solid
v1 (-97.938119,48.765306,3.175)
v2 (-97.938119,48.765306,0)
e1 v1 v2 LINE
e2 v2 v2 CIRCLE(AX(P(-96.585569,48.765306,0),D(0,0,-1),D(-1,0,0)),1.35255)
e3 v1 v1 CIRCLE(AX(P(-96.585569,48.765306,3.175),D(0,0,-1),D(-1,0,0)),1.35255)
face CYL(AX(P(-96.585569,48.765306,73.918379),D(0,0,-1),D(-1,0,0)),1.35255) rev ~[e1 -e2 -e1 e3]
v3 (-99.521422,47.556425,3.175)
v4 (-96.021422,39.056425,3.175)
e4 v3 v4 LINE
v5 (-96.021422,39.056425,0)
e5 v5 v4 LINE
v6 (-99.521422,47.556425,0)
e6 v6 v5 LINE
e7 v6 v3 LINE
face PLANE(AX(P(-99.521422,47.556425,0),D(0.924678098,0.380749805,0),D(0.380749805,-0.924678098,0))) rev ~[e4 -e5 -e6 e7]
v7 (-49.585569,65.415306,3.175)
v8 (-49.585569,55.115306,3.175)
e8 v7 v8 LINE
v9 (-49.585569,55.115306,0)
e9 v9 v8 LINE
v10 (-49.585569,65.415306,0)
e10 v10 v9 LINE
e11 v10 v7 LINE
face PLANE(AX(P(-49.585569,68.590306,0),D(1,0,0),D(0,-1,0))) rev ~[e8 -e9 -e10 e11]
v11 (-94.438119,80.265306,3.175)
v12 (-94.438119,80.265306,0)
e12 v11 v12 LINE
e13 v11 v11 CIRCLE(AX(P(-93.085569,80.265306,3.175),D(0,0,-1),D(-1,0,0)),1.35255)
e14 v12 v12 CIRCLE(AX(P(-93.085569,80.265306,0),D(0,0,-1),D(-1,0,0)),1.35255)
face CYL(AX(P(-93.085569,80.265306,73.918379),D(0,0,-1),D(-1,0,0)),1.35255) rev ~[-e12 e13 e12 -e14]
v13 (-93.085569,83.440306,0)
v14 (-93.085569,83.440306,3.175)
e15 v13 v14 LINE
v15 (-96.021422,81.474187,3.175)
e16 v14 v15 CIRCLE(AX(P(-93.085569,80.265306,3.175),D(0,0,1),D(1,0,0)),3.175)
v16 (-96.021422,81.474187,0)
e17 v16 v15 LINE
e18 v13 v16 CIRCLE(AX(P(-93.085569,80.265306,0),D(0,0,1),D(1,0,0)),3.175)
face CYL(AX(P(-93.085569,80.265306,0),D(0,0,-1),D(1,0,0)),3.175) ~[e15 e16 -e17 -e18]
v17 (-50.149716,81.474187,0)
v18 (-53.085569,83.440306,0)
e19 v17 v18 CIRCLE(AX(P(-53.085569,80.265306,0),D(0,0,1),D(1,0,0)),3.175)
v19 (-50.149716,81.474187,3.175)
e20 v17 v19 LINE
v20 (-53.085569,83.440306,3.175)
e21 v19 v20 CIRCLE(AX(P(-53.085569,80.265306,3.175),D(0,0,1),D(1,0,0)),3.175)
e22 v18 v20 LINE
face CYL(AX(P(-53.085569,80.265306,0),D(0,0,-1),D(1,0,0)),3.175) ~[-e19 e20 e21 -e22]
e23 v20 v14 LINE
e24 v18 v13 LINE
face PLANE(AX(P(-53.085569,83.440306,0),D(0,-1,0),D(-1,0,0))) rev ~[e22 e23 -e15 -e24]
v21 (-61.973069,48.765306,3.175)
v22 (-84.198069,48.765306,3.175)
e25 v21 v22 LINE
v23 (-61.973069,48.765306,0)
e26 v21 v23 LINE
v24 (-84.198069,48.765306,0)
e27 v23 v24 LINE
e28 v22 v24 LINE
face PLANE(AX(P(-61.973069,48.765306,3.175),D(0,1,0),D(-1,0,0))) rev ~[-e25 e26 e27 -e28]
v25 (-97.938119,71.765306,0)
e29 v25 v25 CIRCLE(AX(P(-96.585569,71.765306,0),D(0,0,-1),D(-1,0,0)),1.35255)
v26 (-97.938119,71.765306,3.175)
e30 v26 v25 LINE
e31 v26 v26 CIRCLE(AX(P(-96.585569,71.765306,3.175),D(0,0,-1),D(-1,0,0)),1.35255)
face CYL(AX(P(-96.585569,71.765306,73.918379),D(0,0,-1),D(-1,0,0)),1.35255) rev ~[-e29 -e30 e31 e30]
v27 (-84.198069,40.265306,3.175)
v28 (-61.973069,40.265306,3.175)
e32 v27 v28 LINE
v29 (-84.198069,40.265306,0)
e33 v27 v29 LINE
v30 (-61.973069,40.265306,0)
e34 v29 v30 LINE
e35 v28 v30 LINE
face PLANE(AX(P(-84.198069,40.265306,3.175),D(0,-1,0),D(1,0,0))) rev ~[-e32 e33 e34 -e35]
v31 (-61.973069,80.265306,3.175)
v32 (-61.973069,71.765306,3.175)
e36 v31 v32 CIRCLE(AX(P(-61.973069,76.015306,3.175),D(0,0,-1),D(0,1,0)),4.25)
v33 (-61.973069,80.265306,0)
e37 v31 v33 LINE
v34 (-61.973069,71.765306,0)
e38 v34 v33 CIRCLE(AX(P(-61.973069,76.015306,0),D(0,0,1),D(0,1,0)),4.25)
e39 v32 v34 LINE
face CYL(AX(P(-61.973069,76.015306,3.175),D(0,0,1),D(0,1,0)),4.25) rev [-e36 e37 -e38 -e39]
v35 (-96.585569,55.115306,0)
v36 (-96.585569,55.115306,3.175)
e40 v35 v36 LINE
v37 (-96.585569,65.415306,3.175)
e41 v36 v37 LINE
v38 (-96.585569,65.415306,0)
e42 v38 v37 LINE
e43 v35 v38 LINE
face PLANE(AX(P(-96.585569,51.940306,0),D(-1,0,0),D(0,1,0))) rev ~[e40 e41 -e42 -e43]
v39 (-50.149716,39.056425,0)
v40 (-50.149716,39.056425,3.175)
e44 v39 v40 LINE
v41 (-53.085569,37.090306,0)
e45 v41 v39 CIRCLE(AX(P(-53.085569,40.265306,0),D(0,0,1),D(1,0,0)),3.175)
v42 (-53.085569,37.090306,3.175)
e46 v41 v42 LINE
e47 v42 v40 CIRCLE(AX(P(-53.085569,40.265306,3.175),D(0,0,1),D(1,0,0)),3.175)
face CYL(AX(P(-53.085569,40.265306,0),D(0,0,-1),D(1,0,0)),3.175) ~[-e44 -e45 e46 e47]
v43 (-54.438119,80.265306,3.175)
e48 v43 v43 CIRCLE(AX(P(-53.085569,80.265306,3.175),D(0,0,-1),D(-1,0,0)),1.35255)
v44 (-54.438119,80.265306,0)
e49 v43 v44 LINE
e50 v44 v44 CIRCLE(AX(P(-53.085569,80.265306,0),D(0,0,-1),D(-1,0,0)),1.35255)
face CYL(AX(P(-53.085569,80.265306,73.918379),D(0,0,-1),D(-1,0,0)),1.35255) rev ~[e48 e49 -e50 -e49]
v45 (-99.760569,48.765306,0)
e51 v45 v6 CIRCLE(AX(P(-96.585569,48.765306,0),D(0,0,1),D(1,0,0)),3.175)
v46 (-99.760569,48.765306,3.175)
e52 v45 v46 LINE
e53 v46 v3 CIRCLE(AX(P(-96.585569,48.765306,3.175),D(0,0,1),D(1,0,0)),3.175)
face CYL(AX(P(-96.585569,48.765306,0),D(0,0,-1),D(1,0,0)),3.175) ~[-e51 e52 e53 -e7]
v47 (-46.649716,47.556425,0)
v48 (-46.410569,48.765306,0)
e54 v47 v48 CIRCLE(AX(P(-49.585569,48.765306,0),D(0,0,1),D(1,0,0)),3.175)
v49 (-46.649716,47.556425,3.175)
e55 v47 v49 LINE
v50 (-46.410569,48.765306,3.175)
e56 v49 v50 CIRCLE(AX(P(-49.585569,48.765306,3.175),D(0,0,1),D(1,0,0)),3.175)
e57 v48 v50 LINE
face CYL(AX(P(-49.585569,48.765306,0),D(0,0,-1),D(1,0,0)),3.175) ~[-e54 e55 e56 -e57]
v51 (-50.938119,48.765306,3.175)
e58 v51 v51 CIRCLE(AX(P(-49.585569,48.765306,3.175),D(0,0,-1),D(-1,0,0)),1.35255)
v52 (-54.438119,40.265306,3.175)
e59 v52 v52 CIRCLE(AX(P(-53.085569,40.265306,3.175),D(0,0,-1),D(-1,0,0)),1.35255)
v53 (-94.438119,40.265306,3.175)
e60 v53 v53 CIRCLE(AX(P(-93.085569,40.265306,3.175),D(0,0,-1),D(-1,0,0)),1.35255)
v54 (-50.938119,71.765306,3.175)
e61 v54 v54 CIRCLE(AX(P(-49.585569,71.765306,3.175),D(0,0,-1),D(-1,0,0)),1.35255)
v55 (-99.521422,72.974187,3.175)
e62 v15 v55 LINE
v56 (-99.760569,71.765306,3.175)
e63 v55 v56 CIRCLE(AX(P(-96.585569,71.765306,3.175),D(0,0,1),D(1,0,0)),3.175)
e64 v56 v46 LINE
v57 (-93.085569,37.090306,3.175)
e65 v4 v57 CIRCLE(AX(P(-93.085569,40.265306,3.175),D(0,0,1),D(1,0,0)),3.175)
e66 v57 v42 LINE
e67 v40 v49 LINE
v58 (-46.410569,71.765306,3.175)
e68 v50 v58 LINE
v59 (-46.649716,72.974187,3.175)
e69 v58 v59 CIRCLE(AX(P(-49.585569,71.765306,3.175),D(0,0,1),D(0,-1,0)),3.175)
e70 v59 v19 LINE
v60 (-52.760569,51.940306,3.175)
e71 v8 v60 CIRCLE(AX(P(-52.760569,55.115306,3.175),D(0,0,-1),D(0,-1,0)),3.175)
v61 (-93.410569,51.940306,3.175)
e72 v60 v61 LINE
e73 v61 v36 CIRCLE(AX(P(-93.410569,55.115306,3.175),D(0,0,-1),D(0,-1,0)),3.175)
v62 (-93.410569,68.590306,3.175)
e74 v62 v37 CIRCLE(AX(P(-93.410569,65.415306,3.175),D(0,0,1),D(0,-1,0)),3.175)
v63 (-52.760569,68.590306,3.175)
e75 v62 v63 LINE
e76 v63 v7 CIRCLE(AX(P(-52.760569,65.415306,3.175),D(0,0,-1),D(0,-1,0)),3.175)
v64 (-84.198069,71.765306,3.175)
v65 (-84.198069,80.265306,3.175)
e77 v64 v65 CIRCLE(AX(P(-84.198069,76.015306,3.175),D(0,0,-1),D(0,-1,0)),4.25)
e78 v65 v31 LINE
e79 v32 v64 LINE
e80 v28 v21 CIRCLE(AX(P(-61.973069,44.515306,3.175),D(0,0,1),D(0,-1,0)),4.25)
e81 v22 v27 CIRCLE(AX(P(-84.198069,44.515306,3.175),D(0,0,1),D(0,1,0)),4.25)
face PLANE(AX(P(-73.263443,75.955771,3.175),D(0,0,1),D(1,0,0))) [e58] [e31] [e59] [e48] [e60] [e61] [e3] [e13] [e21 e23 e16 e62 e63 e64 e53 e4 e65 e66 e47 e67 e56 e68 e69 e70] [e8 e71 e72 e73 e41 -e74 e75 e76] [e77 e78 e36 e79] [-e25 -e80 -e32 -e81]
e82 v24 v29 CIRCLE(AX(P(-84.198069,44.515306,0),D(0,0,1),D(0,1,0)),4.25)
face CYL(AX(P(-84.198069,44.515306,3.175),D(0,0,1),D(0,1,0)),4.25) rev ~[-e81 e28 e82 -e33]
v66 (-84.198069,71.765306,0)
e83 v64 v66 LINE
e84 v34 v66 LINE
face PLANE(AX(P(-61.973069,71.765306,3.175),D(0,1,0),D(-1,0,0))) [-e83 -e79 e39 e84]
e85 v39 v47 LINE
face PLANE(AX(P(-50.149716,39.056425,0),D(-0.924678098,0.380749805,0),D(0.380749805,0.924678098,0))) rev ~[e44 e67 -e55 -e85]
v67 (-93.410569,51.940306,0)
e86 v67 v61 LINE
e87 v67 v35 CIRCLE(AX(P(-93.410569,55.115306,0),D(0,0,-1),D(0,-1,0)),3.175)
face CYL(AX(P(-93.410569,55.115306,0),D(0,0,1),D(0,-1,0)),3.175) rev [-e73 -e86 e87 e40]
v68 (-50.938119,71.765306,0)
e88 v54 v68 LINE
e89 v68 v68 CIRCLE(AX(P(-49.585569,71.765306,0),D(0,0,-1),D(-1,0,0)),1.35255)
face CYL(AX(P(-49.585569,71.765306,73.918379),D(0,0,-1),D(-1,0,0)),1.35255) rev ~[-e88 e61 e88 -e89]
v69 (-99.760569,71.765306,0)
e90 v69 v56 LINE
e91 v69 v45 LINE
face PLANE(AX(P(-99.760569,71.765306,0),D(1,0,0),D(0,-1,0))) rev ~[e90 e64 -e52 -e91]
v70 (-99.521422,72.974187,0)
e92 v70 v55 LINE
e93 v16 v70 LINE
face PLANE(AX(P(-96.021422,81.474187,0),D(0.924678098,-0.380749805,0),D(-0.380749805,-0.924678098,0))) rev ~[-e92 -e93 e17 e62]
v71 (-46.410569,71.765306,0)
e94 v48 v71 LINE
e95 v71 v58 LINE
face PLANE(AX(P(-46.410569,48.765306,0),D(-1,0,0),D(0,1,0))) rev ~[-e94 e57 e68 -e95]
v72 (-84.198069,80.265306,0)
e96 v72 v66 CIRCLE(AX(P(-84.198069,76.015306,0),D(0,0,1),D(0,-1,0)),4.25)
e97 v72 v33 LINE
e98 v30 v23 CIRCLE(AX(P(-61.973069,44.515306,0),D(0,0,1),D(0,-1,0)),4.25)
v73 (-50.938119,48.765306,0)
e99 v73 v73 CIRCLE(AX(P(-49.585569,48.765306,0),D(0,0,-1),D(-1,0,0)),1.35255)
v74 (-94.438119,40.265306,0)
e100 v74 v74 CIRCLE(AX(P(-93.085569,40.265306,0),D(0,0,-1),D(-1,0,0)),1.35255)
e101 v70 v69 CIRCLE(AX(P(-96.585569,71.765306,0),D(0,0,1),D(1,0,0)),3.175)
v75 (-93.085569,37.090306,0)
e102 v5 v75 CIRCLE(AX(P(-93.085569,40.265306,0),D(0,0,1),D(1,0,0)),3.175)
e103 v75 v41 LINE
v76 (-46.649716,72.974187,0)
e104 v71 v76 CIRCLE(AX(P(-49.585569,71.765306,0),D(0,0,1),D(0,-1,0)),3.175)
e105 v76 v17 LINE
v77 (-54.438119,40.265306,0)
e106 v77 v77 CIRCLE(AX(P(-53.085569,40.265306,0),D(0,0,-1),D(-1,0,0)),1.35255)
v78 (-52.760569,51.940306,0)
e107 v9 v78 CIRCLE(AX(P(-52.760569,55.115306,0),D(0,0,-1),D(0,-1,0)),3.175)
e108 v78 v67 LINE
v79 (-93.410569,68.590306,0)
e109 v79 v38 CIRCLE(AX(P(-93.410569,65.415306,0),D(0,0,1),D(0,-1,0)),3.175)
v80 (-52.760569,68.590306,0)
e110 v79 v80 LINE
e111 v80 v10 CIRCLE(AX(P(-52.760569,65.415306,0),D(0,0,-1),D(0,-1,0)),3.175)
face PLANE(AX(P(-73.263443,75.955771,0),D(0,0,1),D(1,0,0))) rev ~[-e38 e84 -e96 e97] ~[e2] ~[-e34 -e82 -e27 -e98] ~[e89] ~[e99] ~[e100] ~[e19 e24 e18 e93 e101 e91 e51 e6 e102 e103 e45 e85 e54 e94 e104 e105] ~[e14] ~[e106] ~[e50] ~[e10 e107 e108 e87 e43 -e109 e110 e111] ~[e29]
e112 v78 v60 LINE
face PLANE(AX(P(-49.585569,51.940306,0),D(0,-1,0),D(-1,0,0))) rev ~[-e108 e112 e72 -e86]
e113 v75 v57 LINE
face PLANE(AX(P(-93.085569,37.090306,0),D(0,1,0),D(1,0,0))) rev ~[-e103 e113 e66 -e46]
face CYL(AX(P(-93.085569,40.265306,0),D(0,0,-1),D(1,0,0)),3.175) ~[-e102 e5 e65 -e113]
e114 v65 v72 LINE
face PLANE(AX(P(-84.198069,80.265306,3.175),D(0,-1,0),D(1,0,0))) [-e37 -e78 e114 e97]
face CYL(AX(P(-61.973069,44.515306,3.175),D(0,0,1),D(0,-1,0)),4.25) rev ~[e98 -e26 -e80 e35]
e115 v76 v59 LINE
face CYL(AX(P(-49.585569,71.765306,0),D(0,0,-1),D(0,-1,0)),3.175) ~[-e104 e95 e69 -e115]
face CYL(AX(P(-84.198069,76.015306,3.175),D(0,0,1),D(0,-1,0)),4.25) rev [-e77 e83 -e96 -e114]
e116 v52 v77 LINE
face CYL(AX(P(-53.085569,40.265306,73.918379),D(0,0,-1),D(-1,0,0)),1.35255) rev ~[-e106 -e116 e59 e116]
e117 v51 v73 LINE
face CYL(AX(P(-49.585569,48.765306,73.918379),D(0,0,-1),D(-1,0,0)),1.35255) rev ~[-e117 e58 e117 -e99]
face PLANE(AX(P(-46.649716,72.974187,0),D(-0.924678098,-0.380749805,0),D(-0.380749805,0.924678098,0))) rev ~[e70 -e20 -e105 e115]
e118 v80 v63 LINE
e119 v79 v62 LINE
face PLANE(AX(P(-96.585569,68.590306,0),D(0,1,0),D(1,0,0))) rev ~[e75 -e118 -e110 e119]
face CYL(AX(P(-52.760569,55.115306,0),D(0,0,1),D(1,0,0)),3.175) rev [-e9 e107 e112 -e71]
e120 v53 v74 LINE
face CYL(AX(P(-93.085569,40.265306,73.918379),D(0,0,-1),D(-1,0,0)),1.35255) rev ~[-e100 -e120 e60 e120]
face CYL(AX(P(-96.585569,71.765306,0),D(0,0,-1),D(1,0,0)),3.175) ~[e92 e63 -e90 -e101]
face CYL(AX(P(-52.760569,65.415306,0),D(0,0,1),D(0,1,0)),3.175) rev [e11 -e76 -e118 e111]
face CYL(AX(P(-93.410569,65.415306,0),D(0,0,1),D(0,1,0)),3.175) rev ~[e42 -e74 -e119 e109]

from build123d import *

# Parameters (mm, degrees)
SKETCH1_R             = 3.175
BOSS_EXTRUDE1_DEPTH   = 3.175
FILLET1_R             = 3.175
F_2_CLEARANCE_HOLE1_D = 2.7051
F_2_CLEARANCE_HOLE2_D = 2.7051
CUT_EXTRUDE1_DEPTH    = 131.094336971


with BuildPart() as part:
    # Sketch1 → Boss-Extrude1 (new body)
    with BuildSketch(Plane.XY):
        with BuildLine():
            ThreePointArc((-89.910569383, 80.265306107), (-93.701723521, 77.150666629), (-96.021422346, 81.474186739))
            Line((-96.021422346, 81.474186739), (-99.521422346, 72.974186739))
            ThreePointArc((-99.521422346, 72.974186739), (-95.969415245, 74.879945585), (-93.410569383, 71.765306107))
            ThreePointArc((-93.410569383, 71.765306107), (-94.340505353, 69.520242077), (-96.585569383, 68.590306107))
            Line((-96.585569383, 68.590306107), (-49.585569383, 68.590306107))
            ThreePointArc((-49.585569383, 68.590306107), (-52.223638848, 73.532002034), (-46.649716421, 72.974186739))
            Line((-46.649716421, 72.974186739), (-50.149716421, 81.474186739))
            ThreePointArc((-50.149716421, 81.474186739), (-49.970929905, 80.881460245), (-49.910569383, 80.265306107))
            ThreePointArc((-49.910569383, 80.265306107), (-55.330633414, 78.020242077), (-53.085569383, 83.440306107))
            Line((-53.085569383, 83.440306107), (-93.085569383, 83.440306107))
            ThreePointArc((-93.085569383, 83.440306107), (-90.840505353, 82.510370138), (-89.910569383, 80.265306107))
        make_face()
        with Locations((-93.085569383, 80.265306107)):
            Circle(SKETCH1_R)
        with Locations((-96.585569383, 71.765306107)):
            Circle(SKETCH1_R)
        with Locations((-49.585569383, 71.765306107)):
            Circle(SKETCH1_R)
        with Locations((-53.085569383, 80.265306107)):
            Circle(SKETCH1_R)
        with BuildLine():
            ThreePointArc((-46.410569383, 71.765306107), (-47.340505353, 69.520242077), (-49.585569383, 68.590306107))
            Line((-49.585569383, 68.590306107), (-49.585569383, 51.940306107))
            ThreePointArc((-49.585569383, 51.940306107), (-47.340505353, 51.010370138), (-46.410569383, 48.765306107))
            Line((-46.410569383, 48.765306107), (-46.410569383, 71.765306107))
        make_face()
        with Locations((-49.585569383, 48.765306107)):
            Circle(SKETCH1_R)
        with Locations((-53.085569383, 40.265306107)):
            Circle(SKETCH1_R)
        with BuildLine():
            Line((-49.585569383, 51.940306107), (-96.585569383, 51.940306107))
            ThreePointArc((-96.585569383, 51.940306107), (-94.340505353, 51.010370138), (-93.410569383, 48.765306107))
            ThreePointArc((-93.410569383, 48.765306107), (-95.969415245, 45.650666629), (-99.521422346, 47.556425476))
            Line((-99.521422346, 47.556425476), (-96.021422346, 39.056425476))
            ThreePointArc((-96.021422346, 39.056425476), (-93.701723521, 43.379945585), (-89.910569383, 40.265306107))
            ThreePointArc((-89.910569383, 40.265306107), (-90.840505353, 38.020242077), (-93.085569383, 37.090306107))
            Line((-93.085569383, 37.090306107), (-53.085569383, 37.090306107))
            ThreePointArc((-53.085569383, 37.090306107), (-55.330633414, 42.510370138), (-49.910569383, 40.265306107))
            ThreePointArc((-49.910569383, 40.265306107), (-49.970929905, 39.649151969), (-50.149716421, 39.056425476))
            Line((-50.149716421, 39.056425476), (-46.649716421, 47.556425476))
            ThreePointArc((-46.649716421, 47.556425476), (-52.223638848, 46.998610181), (-49.585569383, 51.940306107))
        make_face()
        with Locations((-93.085569383, 40.265306107)):
            Circle(SKETCH1_R)
        with Locations((-96.585569383, 48.765306107)):
            Circle(SKETCH1_R)
        with BuildLine():
            ThreePointArc((-96.585569383, 68.590306107), (-98.830633414, 69.520242077), (-99.760569383, 71.765306107))
            Line((-99.760569383, 71.765306107), (-99.760569383, 48.765306107))
            ThreePointArc((-99.760569383, 48.765306107), (-98.830633414, 51.010370138), (-96.585569383, 51.940306107))
            Line((-96.585569383, 51.940306107), (-96.585569383, 68.590306107))
        make_face()
    extrude(amount=BOSS_EXTRUDE1_DEPTH)

    # Fillet1
    fillet1_edges = [part.edges().sort_by_distance(p)[0] for p in [
        (-96.585569383, 68.590306107, 1.5875),
        (-96.585569383, 51.940306107, 1.5875),
        (-49.585569383, 51.940306107, 1.5875),
        (-49.585569383, 68.590306107, 1.5875),
    ]]
    fillet(fillet1_edges, radius=FILLET1_R)

    # #2 Clearance Hole1 (through all)
    with Locations(Plane.XY.offset(3.175)):
        with Locations((-93.085569383, 80.265306107), (-53.085569383, 80.265306107), (-53.085569383, 40.265306107), (-93.085569383, 40.265306107)):
            Hole(F_2_CLEARANCE_HOLE1_D / 2)

    # #2 Clearance Hole2 (through all)
    with Locations(Plane.XY.offset(3.175)):
        with Locations((-96.585569383, 71.765306107), (-49.585569383, 71.765306107), (-49.585569383, 48.765306107), (-96.585569383, 48.765306107)):
            Hole(F_2_CLEARANCE_HOLE2_D / 2)

    # Sketch6 → Cut-Extrude1 (cut, through all)
    with BuildSketch(Plane.XY.offset(3.175)):
        with BuildLine():
            Line((-84.198069383, 80.265306107), (-61.973069383, 80.265306107))
            ThreePointArc((-61.973069383, 80.265306107), (-57.723069383, 76.015306107), (-61.973069383, 71.765306107))
            Line((-61.973069383, 71.765306107), (-84.198069383, 71.765306107))
            ThreePointArc((-84.198069383, 71.765306107), (-88.448069383, 76.015306107), (-84.198069383, 80.265306107))
        make_face()
        with BuildLine():
            Line((-84.198069383, 40.265306107), (-61.973069383, 40.265306107))
            ThreePointArc((-61.973069383, 40.265306107), (-57.723069383, 44.515306107), (-61.973069383, 48.765306107))
            Line((-61.973069383, 48.765306107), (-84.198069383, 48.765306107))
            ThreePointArc((-84.198069383, 48.765306107), (-88.448069383, 44.515306107), (-84.198069383, 40.265306107))
        make_face()
    extrude(amount=-CUT_EXTRUDE1_DEPTH, mode=Mode.SUBTRACT)


solid = part.part
